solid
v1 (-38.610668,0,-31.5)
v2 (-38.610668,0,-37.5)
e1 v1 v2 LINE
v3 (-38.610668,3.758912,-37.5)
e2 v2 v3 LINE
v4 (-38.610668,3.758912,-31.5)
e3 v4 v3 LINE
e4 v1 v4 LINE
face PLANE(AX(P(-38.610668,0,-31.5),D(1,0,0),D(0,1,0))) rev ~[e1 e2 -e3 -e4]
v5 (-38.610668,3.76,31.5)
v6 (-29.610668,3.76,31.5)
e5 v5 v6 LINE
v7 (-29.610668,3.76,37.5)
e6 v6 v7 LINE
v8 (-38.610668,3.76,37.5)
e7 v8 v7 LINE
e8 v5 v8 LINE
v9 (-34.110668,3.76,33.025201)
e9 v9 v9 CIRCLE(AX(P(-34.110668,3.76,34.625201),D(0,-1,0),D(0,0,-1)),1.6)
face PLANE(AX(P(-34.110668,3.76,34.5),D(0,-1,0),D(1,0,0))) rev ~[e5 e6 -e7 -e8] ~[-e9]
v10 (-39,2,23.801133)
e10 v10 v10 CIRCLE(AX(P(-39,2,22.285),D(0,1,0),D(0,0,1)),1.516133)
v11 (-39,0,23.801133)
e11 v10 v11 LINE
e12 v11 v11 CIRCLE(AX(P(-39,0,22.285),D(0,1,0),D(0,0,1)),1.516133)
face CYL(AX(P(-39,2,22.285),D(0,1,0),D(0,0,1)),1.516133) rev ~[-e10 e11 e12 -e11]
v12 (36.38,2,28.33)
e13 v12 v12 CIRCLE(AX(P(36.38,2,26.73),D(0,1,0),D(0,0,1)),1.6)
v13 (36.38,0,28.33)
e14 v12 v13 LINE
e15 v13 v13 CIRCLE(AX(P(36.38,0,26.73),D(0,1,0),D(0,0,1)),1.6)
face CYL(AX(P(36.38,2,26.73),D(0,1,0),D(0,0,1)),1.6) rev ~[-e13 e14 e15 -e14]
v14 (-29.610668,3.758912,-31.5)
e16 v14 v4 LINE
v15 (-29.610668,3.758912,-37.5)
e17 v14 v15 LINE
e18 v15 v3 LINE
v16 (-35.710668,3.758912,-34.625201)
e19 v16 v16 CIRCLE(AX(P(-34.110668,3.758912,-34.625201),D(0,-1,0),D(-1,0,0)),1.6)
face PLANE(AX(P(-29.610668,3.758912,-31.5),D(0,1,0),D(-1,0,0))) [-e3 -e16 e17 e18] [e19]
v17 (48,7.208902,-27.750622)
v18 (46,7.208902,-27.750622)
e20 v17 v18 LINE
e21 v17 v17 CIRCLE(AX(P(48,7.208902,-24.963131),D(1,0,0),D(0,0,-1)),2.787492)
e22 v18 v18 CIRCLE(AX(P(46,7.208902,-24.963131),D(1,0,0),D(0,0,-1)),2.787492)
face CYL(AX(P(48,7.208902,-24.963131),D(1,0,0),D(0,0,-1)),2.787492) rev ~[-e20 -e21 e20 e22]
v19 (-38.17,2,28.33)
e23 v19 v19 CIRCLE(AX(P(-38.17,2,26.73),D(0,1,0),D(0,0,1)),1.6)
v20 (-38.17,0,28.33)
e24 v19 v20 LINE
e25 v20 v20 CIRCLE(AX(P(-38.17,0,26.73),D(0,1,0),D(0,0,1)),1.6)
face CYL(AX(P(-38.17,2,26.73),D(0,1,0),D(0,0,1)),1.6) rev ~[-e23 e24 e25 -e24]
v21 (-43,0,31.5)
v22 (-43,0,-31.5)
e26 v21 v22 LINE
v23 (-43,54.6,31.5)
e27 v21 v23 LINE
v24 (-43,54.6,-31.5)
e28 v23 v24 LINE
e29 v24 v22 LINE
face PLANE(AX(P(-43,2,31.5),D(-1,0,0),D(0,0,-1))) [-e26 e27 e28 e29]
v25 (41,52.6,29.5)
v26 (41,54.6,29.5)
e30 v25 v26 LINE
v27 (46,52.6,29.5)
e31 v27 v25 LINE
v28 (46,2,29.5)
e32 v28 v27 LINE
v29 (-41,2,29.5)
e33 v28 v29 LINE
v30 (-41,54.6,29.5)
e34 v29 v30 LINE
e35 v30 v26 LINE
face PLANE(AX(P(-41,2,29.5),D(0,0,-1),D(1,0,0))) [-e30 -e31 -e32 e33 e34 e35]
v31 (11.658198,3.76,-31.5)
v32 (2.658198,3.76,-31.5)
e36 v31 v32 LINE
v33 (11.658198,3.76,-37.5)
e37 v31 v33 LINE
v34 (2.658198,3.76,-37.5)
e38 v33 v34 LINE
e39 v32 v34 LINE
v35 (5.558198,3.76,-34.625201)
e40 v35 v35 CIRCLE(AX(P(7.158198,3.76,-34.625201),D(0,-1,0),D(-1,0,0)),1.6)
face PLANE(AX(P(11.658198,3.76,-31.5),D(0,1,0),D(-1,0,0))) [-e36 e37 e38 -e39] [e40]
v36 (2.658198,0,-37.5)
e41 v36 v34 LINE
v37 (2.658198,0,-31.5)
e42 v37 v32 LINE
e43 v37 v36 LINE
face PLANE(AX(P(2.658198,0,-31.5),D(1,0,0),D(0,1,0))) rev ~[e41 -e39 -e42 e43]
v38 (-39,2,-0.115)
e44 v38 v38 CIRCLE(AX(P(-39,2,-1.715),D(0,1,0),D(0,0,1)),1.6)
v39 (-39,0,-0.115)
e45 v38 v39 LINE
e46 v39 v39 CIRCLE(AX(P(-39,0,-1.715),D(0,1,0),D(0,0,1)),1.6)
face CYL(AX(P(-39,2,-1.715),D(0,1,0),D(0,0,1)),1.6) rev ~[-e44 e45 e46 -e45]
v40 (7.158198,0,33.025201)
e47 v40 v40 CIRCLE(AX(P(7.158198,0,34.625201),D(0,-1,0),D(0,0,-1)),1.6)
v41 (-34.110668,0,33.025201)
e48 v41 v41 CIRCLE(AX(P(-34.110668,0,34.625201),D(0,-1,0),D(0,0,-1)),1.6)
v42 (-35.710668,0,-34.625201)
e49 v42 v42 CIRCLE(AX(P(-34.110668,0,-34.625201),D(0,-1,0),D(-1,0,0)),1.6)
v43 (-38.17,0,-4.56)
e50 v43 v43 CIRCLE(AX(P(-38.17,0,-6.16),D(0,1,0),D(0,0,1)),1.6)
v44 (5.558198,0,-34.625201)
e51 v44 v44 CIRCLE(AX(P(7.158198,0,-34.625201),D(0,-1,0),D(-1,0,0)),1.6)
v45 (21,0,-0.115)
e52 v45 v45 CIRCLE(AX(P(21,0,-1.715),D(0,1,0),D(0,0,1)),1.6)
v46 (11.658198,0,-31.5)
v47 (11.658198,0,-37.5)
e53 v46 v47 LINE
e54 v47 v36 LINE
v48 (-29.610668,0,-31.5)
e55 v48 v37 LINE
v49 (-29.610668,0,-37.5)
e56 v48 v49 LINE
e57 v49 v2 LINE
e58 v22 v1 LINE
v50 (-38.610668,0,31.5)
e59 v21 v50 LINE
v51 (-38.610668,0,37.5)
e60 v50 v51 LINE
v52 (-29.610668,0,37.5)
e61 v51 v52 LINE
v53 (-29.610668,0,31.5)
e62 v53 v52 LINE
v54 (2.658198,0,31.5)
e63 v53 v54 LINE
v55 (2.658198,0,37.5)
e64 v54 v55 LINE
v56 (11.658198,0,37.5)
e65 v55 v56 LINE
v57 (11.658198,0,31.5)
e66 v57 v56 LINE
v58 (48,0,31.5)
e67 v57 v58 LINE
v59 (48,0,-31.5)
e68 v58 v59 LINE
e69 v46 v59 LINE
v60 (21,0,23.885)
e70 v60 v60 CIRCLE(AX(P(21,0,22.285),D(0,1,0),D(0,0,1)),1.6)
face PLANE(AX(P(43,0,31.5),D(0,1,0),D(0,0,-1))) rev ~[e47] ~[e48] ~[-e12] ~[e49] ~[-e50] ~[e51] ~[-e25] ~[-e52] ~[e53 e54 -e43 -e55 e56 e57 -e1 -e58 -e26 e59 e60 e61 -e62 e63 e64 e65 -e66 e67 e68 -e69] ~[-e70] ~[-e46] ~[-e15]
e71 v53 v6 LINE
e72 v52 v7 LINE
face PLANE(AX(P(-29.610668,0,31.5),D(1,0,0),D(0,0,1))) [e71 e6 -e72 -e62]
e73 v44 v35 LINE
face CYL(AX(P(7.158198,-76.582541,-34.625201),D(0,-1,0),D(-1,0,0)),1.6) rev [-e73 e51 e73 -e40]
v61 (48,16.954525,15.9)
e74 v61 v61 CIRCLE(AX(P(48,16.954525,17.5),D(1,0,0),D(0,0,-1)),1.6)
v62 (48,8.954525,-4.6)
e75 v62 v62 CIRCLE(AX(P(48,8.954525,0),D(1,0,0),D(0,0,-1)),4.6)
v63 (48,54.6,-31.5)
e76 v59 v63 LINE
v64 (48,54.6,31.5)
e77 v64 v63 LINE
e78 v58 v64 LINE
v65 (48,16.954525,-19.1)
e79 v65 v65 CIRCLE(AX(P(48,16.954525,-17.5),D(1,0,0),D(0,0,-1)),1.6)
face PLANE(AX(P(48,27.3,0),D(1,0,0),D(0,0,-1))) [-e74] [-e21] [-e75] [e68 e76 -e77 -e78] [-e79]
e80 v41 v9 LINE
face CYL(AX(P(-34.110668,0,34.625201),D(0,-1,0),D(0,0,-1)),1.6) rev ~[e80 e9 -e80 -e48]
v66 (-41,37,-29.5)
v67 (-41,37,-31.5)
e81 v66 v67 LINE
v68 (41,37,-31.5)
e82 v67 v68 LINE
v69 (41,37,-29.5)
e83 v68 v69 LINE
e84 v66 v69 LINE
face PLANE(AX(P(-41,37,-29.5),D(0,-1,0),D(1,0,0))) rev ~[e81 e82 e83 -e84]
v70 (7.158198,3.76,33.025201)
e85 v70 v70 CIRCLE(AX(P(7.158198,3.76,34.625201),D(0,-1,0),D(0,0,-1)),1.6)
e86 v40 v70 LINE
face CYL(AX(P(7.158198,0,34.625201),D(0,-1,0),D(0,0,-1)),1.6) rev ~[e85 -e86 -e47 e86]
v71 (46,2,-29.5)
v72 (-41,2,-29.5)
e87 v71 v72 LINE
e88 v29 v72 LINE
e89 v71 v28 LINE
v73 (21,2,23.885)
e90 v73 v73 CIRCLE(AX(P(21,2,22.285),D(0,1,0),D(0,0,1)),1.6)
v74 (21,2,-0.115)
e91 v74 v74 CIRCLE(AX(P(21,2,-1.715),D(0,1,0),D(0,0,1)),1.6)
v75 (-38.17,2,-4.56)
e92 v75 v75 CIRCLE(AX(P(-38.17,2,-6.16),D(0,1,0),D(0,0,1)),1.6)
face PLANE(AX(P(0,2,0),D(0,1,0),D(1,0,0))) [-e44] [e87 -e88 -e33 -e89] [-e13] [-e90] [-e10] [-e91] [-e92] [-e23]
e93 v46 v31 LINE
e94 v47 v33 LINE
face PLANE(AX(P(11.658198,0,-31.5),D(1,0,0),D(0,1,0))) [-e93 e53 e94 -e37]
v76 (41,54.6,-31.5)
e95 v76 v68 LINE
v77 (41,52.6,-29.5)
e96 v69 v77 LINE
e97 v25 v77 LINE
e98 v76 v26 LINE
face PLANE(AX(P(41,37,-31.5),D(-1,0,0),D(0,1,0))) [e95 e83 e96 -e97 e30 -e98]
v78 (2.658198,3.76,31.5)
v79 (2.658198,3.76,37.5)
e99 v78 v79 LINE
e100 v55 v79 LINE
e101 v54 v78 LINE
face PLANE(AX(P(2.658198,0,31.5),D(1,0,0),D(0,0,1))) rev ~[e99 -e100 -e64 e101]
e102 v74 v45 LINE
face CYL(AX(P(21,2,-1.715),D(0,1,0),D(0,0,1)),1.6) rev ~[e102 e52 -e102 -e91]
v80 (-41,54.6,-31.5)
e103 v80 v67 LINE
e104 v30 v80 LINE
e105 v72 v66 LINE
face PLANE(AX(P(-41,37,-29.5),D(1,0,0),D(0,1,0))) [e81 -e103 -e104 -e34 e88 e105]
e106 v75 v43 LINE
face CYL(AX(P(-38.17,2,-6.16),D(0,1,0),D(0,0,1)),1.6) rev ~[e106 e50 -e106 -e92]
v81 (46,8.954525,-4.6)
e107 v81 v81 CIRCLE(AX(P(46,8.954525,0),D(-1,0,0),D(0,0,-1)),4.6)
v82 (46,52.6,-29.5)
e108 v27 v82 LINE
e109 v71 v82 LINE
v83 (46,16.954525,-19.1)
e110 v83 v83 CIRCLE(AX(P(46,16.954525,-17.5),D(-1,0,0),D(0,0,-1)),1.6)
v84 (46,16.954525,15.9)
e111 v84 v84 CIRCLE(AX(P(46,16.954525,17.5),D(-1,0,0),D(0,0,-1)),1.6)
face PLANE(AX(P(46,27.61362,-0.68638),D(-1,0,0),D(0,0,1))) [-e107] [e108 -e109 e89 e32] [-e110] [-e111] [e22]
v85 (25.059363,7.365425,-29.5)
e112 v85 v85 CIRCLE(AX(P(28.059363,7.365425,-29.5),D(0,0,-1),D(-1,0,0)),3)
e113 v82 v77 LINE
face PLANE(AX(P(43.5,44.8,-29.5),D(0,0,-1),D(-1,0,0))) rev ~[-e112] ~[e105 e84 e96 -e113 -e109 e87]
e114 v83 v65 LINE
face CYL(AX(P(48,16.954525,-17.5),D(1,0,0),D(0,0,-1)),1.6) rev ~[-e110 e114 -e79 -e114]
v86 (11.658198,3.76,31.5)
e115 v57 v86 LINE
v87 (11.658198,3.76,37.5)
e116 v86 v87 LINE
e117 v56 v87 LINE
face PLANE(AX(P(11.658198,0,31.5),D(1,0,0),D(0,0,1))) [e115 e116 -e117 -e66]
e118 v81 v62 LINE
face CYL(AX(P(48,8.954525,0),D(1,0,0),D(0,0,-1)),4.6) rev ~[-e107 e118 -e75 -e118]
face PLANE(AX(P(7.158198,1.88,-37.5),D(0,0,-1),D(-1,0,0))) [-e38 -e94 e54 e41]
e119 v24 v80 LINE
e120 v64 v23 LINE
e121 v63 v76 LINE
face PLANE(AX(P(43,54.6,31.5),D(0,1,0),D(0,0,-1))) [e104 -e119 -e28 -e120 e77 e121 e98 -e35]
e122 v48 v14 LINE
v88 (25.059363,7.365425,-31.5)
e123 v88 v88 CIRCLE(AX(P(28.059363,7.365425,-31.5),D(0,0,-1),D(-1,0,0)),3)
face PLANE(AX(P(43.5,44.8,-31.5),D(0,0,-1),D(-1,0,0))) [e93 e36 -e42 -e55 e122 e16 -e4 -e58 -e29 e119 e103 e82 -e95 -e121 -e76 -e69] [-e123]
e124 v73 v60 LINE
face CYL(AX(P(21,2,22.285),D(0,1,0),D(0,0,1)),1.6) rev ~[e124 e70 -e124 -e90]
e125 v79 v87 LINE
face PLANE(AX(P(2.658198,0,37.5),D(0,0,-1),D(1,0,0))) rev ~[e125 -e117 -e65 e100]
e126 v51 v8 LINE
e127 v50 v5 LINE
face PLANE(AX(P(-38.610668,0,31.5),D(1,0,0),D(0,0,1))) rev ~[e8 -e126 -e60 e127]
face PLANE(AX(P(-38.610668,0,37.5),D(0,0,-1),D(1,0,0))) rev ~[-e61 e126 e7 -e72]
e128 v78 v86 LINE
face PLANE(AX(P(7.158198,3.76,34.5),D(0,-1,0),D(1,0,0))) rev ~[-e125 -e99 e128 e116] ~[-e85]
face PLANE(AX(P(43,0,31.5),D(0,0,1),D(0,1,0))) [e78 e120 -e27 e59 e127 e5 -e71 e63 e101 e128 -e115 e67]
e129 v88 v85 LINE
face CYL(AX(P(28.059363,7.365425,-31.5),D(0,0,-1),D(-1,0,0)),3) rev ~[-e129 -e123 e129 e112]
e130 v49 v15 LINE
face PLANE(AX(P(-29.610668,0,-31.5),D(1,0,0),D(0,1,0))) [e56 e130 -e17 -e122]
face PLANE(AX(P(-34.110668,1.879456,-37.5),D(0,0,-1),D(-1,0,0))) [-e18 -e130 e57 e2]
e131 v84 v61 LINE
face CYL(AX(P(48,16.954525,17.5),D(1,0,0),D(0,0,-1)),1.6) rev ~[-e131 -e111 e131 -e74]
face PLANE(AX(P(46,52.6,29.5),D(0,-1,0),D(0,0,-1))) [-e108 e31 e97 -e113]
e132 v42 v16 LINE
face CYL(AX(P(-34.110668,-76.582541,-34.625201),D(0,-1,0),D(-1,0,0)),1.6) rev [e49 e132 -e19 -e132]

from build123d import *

# Parameters (mm, degrees)
SKETCH_1_W                = 86
SKETCH_1_H                = 63
EXTRUDE_1_DEPTH           = 2
SKETCH_2_W                = 86
SKETCH_2_H                = 63
SKETCH_2_W_2              = 82
SKETCH_2_H_2              = 59
EXTRUDE_3_DEPTH           = 52.6
SKETCH_4_W                = 82
SKETCH_4_H                = 17.6
CUT_EXTRUDE_1_DEPTH       = 52.6
SKETCH_5_R                = 1.6
SKETCH_5_R_2              = 4.6
CUT_EXTRUDE_2_DEPTH       = 2
SKETCH_7_R                = 1.6
CUT_EXTRUDE_6_DEPTH       = 2
SKETCH_8_R                = 1.6
SKETCH_8_R_2              = 1.516132991
CUT_EXTRUDE_7_DEPTH       = 2
SKETCH_9_W                = 63
SKETCH_9_H                = 54.6
EXTRUDE_4_DEPTH           = 5
SKETCH_10_R               = 1.6
SKETCH_10_R_2             = 4.6
CUT_EXTRUDE_8_DEPTH       = 5
CUT_EXTRUDE_START         = -5
SKETCH_11_R               = 1.6
SKETCH_11_R_2             = 4.6
CUT_EXTRUDE_9_DEPTH       = 5
SKETCH_12_W               = 5
SKETCH_12_H               = 15.6
EXTRUDE_5_DEPTH           = 2
SKETCH_13_R               = 2.787491564
CUT_EXTRUDE_10_DEPTH      = 2
SKETCH_14_R               = 3
CUT_EXTRUDE_11_DEPTH      = 2
SKETCH_16_W               = 9
SKETCH_16_H               = 3.75891244
SKETCH_16_H_2             = 3.76
EXTRUDE_6_DEPTH           = 6
CUT_EXTRUDE_15_DEPTH      = 80.341453127
CUT_EXTRUDE_15_DEPTH_BACK = 80.341453127
SKETCH_17_R               = 1.6
SKETCH_18_W               = 9
SKETCH_18_H               = 6
SKETCH_18_R               = 1.6
EXTRUDE_7_DEPTH           = 3.76


with BuildPart() as part:
    # 草图1 → 凸台-拉伸1 (new body)
    with BuildSketch(Plane(origin=(0, 0, 0), x_dir=(1, 0, 0), z_dir=(0, 1, 0))):
        Rectangle(SKETCH_1_W, SKETCH_1_H)
    extrude(amount=EXTRUDE_1_DEPTH)

    # 草图2 → 凸台-拉伸3 (add)
    with BuildSketch(Plane(origin=(0, 2, 0), x_dir=(1, 0, 0), z_dir=(0, 1, 0))):
        Rectangle(SKETCH_2_W, SKETCH_2_H)
        Rectangle(SKETCH_2_W_2, SKETCH_2_H_2, mode=Mode.SUBTRACT)
    extrude(amount=EXTRUDE_3_DEPTH)

    # 草图4 → 切除-拉伸1 (cut)
    with BuildSketch(Plane.XY.offset(-29.5)):
        with Locations((0, 45.8)):
            Rectangle(SKETCH_4_W, SKETCH_4_H)
    extrude(amount=-CUT_EXTRUDE_1_DEPTH, mode=Mode.SUBTRACT)

    # 草图5 → 切除-拉伸2 (cut)
    with BuildSketch(Plane(origin=(43, 0, 0), x_dir=(0, 0, -1), z_dir=(1, 0, 0))):
        with Locations((-17.5, 16.95452537)):
            Circle(SKETCH_5_R)
        with Locations((17.5, 16.95452537)):
            Circle(SKETCH_5_R)
        with Locations((0, 8.95452537)):
            Circle(SKETCH_5_R_2)
    extrude(amount=-CUT_EXTRUDE_2_DEPTH, mode=Mode.SUBTRACT)

    # 草图7 → 切除-拉伸6 (cut)
    with BuildSketch(Plane(origin=(0, 2, 0), x_dir=(1, 0, 0), z_dir=(0, 1, 0))):
        with Locations(Location((-38.17, 6.16, 0), (0, 0, 270))):
            Circle(SKETCH_7_R)
        with Locations(Location((-38.17, -26.73, 0), (0, 0, 270))):
            Circle(SKETCH_7_R)
        with Locations(Location((36.38, -26.73, 0), (0, 0, 270))):
            Circle(SKETCH_7_R)
    extrude(amount=-CUT_EXTRUDE_6_DEPTH, mode=Mode.SUBTRACT)

    # 草图8 → 切除-拉伸7 (cut)
    with BuildSketch(Plane(origin=(0, 2, 0), x_dir=(1, 0, 0), z_dir=(0, 1, 0))):
        with Locations(Location((-39, 1.715, 0), (0, 0, 270))):
            Circle(SKETCH_8_R)
        with Locations(Location((21, -22.285, 0), (0, 0, 270))):
            Circle(SKETCH_8_R)
        with Locations(Location((-39, -22.285, 0), (0, 0, 270))):
            Circle(SKETCH_8_R_2)
        with Locations(Location((21, 1.715, 0), (0, 0, 270))):
            Circle(SKETCH_8_R)
    extrude(amount=-CUT_EXTRUDE_7_DEPTH, mode=Mode.SUBTRACT)

    # 草图9 → 凸台-拉伸4 (add)
    with BuildSketch(Plane(origin=(43, 0, 0), x_dir=(0, 0, -1), z_dir=(1, 0, 0))):
        with Locations((0, 27.3)):
            Rectangle(SKETCH_9_W, SKETCH_9_H)
    extrude(amount=EXTRUDE_4_DEPTH)

    # 草图10 → 切除-拉伸8 (cut)
    with BuildSketch(Plane(origin=(48, 0, 0), x_dir=(0, 0, -1), z_dir=(1, 0, 0))):
        with Locations((-17.5, 16.95452537)):
            Circle(SKETCH_10_R)
        with Locations((0, 8.95452537)):
            Circle(SKETCH_10_R_2)
        with Locations((17.5, 16.95452537)):
            Circle(SKETCH_10_R)
    extrude(amount=-CUT_EXTRUDE_8_DEPTH, mode=Mode.SUBTRACT)

    # 草图11 → 切除-拉伸9 (cut)
    with BuildSketch(Plane.ZY.offset(-41).offset(CUT_EXTRUDE_START)):
        Polygon((29.5, 52.6), (-31.5, 52.6), (-31.5, 37), (-29.5, 37), (-29.5, 2), (29.5, 2), align=None)
        with Locations(Location((-17.5, 16.95452537, 0), (0, 0, 180))):
            Circle(SKETCH_11_R, mode=Mode.SUBTRACT)
        with Locations(Location((0, 8.95452537, 0), (0, 0, 180))):
            Circle(SKETCH_11_R_2, mode=Mode.SUBTRACT)
        with Locations(Location((17.5, 16.95452537, 0), (0, 0, 180))):
            Circle(SKETCH_11_R, mode=Mode.SUBTRACT)
    extrude(amount=CUT_EXTRUDE_9_DEPTH, mode=Mode.SUBTRACT)

    # 草图12 → 凸台-拉伸5 (add)
    with BuildSketch(Plane(origin=(0, 0, -31.5), x_dir=(-1, 0, 0), z_dir=(0, 0, -1))):
        with Locations((-43.5, 44.8)):
            Rectangle(SKETCH_12_W, SKETCH_12_H)
    extrude(amount=-EXTRUDE_5_DEPTH)

    # 草图13 → 切除-拉伸10 (cut)
    with BuildSketch(Plane(origin=(48, 0, 0), x_dir=(0, 0, -1), z_dir=(1, 0, 0))):
        with Locations((24.963130904, 7.208902204)):
            Circle(SKETCH_13_R)
    extrude(amount=-CUT_EXTRUDE_10_DEPTH, mode=Mode.SUBTRACT)

    # 草图14 → 切除-拉伸11 (cut)
    with BuildSketch(Plane(origin=(0, 0, -31.5), x_dir=(-1, 0, 0), z_dir=(0, 0, -1))):
        with Locations((-28.059363277, 7.365425106)):
            Circle(SKETCH_14_R)
    extrude(amount=-CUT_EXTRUDE_11_DEPTH, mode=Mode.SUBTRACT)

    # 草图16 → 凸台-拉伸6 (add)
    with BuildSketch(Plane(origin=(0, 0, -31.5), x_dir=(-1, 0, 0), z_dir=(0, 0, -1))):
        with Locations((34.110668407, 1.87945622)):
            Rectangle(SKETCH_16_W, SKETCH_16_H)
        with Locations((-7.158197826, 1.88)):
            Rectangle(SKETCH_16_W, SKETCH_16_H_2)
    extrude(amount=EXTRUDE_6_DEPTH)

    # 草图17 → 切除-拉伸15 (cut, two sides: drawn at the far end of the back side and taken through both)
    with BuildSketch(Plane(origin=(0, 3.75891244, 0), x_dir=(1, 0, 0), z_dir=(0, 1, 0)).offset(-CUT_EXTRUDE_15_DEPTH_BACK)):
        with Locations(Location((-34.110668407, 34.625200871, 0), (0, 0, 180))):
            Circle(SKETCH_17_R)
        with Locations(Location((7.158197826, 34.625200871, 0), (0, 0, 180))):
            Circle(SKETCH_17_R)
    extrude(amount=CUT_EXTRUDE_15_DEPTH + CUT_EXTRUDE_15_DEPTH_BACK, mode=Mode.SUBTRACT)

    # 草图18 → 凸台-拉伸7 (add)
    # profile 1 of 2: a face of its own
    with BuildSketch(Plane.XZ):
        with Locations((7.158197826, 34.5)):
            Rectangle(SKETCH_18_W, SKETCH_18_H)
        with Locations(Location((7.158197826, 34.625200871, 0), (0, 0, 270))):
            Circle(SKETCH_18_R, mode=Mode.SUBTRACT)
    # profile 2 of 2: a face of its own
    with BuildSketch(Plane.XZ):
        with Locations((-34.110668407, 34.5)):
            Rectangle(SKETCH_18_W, SKETCH_18_H)
        with Locations(Location((-34.110668407, 34.625200871, 0), (0, 0, 270))):
            Circle(SKETCH_18_R, mode=Mode.SUBTRACT)
    extrude(amount=-EXTRUDE_7_DEPTH)


solid = part.part
